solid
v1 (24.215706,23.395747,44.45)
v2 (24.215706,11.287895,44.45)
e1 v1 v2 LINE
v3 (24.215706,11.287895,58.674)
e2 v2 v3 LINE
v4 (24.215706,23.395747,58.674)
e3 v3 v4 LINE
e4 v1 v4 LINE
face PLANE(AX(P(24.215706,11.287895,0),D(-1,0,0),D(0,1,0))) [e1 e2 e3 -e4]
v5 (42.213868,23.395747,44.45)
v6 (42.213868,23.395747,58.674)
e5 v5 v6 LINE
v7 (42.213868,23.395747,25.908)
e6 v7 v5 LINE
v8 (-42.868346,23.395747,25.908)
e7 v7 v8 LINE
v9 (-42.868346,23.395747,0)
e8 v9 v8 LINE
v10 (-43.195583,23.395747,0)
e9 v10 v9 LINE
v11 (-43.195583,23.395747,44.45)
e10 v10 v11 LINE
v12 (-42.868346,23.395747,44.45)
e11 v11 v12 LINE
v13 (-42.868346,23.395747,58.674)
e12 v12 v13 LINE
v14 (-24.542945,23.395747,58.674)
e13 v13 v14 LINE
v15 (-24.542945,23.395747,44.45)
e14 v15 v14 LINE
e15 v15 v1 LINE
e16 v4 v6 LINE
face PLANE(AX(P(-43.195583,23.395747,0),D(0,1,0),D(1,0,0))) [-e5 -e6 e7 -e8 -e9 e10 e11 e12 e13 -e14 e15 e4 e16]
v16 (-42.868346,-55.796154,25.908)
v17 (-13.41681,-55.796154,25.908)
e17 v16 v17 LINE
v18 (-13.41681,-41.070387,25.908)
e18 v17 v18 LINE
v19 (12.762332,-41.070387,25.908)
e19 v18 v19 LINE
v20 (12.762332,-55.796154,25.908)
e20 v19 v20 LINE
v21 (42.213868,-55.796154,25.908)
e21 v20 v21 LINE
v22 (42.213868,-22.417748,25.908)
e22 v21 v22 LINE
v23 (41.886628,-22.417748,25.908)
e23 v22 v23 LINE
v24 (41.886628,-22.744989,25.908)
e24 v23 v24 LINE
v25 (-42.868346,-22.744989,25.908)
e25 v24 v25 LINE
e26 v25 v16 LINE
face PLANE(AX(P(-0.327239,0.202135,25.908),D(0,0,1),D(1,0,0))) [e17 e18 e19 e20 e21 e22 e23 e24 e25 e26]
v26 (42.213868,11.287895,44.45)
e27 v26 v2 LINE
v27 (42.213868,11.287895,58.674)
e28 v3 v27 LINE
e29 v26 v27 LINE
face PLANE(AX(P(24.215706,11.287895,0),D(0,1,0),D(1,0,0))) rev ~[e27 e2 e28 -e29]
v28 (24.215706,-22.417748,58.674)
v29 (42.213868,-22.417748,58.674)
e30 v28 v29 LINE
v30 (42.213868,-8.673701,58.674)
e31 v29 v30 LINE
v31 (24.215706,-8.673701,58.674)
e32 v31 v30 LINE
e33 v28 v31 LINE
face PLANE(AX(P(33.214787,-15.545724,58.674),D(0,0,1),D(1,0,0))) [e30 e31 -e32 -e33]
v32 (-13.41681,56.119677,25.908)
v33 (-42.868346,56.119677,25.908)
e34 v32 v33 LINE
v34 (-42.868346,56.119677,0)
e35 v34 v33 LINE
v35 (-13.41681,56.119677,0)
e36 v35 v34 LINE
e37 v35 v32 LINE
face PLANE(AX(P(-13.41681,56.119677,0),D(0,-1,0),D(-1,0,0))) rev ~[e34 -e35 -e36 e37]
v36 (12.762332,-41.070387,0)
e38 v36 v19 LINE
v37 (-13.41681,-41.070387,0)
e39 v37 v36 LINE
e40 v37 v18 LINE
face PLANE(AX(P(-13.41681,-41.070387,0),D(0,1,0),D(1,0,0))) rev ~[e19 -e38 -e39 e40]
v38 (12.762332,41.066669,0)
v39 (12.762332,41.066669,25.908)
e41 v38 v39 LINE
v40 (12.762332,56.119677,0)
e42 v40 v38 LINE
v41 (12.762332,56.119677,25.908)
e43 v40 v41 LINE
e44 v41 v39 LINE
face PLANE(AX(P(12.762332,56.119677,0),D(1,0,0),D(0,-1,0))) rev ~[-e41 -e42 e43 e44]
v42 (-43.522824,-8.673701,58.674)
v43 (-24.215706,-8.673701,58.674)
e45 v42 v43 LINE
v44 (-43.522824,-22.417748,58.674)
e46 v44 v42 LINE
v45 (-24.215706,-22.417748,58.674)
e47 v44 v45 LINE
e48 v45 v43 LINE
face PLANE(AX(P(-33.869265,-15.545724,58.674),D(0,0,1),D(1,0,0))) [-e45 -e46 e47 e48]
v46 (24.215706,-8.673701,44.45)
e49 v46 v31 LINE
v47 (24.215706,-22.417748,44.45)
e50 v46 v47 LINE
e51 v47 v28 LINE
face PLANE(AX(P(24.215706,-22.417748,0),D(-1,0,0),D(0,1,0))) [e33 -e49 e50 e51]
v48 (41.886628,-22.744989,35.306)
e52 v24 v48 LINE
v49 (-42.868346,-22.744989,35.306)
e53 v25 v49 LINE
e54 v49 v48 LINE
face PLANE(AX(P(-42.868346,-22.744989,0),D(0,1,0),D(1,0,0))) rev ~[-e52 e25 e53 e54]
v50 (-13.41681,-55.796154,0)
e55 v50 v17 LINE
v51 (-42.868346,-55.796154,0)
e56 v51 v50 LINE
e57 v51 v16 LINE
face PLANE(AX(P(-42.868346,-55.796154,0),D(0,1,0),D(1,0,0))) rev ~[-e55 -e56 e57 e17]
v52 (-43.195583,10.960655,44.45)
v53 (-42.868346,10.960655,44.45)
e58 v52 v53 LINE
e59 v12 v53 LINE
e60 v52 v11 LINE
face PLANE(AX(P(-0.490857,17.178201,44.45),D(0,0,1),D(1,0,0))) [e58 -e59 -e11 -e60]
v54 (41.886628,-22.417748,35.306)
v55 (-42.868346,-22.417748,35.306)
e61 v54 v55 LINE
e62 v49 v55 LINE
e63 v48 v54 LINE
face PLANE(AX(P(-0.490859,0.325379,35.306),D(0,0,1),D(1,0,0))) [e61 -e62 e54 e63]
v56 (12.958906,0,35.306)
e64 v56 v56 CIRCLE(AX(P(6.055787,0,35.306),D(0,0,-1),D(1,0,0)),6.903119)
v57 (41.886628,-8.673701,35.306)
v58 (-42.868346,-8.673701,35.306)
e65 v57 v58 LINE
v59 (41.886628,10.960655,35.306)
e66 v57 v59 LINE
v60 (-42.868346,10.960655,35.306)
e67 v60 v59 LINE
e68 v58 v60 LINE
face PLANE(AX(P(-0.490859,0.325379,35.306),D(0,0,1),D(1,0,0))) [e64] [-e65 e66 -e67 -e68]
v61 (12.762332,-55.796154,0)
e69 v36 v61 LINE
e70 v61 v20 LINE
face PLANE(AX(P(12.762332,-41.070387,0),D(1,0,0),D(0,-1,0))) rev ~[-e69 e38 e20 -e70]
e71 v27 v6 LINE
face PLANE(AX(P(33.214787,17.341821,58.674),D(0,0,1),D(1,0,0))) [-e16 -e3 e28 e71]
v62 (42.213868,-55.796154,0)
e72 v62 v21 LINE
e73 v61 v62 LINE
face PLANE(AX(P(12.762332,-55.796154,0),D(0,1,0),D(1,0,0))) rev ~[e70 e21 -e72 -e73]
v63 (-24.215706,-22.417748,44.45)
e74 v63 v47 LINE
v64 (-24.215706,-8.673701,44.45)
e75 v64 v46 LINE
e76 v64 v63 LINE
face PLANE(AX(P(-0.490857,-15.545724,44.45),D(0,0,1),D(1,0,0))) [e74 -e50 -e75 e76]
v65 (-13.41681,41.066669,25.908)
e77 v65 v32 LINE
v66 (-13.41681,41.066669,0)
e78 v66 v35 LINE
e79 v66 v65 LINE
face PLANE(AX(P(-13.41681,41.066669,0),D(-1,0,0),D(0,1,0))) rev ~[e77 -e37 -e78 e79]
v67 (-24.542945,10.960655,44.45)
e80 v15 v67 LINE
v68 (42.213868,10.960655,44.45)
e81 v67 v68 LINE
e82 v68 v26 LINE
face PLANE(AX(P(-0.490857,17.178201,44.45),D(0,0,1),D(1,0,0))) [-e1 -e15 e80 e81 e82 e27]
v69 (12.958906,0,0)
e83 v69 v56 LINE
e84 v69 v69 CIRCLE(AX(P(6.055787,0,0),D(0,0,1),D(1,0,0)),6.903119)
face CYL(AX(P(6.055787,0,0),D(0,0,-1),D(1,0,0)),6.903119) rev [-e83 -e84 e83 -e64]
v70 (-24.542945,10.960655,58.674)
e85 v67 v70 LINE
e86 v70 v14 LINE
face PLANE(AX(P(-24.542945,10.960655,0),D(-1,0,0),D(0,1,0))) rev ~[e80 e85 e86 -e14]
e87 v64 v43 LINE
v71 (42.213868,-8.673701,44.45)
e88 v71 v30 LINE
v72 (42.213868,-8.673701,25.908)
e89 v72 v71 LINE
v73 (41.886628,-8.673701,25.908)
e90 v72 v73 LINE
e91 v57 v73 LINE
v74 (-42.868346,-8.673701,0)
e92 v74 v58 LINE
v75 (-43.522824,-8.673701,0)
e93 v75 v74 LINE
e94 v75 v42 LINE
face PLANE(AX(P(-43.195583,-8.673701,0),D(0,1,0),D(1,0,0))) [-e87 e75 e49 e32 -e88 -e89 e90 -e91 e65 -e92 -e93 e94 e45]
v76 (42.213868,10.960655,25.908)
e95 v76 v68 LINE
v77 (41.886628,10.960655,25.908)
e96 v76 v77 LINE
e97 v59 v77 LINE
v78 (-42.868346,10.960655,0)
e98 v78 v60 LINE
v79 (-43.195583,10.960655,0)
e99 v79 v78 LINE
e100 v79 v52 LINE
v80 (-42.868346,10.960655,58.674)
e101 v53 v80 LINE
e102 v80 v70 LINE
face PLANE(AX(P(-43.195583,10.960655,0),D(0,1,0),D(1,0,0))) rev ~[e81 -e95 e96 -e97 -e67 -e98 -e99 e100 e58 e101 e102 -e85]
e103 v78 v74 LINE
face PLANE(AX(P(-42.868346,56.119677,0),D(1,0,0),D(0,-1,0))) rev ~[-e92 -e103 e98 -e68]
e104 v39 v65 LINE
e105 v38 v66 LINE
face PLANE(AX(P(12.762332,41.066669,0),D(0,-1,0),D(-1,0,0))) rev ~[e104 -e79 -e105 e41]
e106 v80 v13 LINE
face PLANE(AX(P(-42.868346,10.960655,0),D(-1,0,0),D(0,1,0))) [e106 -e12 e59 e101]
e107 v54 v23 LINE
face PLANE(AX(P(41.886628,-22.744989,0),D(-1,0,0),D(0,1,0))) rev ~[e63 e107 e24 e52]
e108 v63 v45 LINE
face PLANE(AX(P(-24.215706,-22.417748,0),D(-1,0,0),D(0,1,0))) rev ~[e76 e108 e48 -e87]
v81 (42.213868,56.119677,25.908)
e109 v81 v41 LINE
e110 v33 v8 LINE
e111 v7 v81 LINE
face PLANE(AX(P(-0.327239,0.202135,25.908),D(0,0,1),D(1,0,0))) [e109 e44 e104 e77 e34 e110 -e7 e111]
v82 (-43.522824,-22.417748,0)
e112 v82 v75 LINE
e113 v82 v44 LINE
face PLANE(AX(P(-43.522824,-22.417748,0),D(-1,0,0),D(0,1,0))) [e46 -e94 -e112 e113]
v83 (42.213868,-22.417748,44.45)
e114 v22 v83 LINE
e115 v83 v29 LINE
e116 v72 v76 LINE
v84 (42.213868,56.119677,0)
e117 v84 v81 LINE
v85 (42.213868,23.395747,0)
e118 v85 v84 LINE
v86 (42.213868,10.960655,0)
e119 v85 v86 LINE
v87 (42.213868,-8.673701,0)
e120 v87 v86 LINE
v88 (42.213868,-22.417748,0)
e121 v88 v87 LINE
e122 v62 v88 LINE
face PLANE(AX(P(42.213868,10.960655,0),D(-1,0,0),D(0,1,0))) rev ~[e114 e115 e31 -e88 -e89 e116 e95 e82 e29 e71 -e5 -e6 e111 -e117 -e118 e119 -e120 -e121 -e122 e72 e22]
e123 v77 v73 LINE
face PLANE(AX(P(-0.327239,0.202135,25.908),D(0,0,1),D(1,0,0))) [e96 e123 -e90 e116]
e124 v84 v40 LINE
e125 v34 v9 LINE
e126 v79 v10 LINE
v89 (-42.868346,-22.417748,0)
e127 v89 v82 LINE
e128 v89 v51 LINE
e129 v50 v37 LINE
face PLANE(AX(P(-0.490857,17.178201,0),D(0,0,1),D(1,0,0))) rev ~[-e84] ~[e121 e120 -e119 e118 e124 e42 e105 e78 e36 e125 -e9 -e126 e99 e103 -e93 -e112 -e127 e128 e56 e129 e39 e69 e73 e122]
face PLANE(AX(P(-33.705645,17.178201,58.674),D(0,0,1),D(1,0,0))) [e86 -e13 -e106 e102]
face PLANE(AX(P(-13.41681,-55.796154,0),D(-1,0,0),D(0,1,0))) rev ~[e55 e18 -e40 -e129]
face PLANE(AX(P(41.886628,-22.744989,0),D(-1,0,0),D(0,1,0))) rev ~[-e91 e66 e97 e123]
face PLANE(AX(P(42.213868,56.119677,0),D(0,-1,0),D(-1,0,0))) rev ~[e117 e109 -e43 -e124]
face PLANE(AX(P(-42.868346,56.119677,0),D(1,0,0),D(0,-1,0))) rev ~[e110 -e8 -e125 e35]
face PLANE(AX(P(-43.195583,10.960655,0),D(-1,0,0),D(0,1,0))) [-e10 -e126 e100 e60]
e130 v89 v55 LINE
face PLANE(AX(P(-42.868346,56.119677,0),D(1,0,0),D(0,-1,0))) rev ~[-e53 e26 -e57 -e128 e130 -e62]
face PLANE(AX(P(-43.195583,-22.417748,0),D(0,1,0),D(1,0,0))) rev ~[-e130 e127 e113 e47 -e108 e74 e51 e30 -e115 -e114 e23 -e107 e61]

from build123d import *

# Parameters (mm, degrees)
F1_DEPTH = 25.908
F2_W     = 84.75497365
F2_H     = 46.1407359689
F3_DEPTH = 35.306
F4_W     = 85.4094512761
F4_H     = 12.4350916594
F4_H_2   = 13.7440478429
F5_DEPTH = 44.45
F6_W     = 18.3254014701
F6_H     = 12.4350916594
F6_W_2   = 17.998162657
F6_H_2   = 12.1078519151
F6_W_3   = 19.3071179092
F6_H_3   = 13.7440478429
F7_DEPTH = 58.674
F8_R     = 6.9031193851
F9_DEPTH = 43.942


with BuildPart() as f1:
    # F0 (on Top) → F1 (new body)
    with BuildSketch(Plane.XY):
        Polygon((-13.4168099612, 56.1196766794), (-42.8683459759, 56.1196766794), (-42.8683459759, -55.7961538434), (-13.4168099612, -55.7961538434), (-13.4168099612, -41.0703867674), (12.7623323351, -41.0703867674), (12.7623323351, -55.7961538434), (42.2138683498, -55.7961538434), (42.2138683498, 56.1196766794), (12.7623323351, 56.1196766794), (12.7623323351, 41.0666689277), (-13.4168099612, 41.0666689277), align=None)
    extrude(amount=F1_DEPTH)

    # F2 (on Top) → F3 (join)
    with BuildSketch(Plane.XY):
        with Locations((-0.4908591509, 0.3253789619)):
            Rectangle(F2_W, F2_H)
    extrude(amount=F3_DEPTH)

    # F4 (on Top) → F5 (join)
    with BuildSketch(Plane.XY):
        with Locations((-0.4908572882, 17.1782011166)):
            Rectangle(F4_W, F4_H)
        with Locations((-0.4908572882, -15.5457244255)):
            Rectangle(F4_W, F4_H_2)
    extrude(amount=F5_DEPTH)

    # F6 (on Top) → F7 (join)
    with BuildSketch(Plane.XY):
        with Locations((-33.7056452408, 17.1782011166)):
            Rectangle(F6_W, F6_H)
        with Locations((33.2147870213, 17.3418209888)):
            Rectangle(F6_W_2, F6_H_2)
        with Locations((-33.8692646474, -15.5457244255)):
            Rectangle(F6_W_3, F6_H_3)
        with Locations((33.2147870213, -15.5457244255)):
            Rectangle(F6_W_2, F6_H_3)
    extrude(amount=F7_DEPTH)

    # F8 (on Top) → F9 (cut)
    with BuildSketch(Plane.XY):
        with Locations((6.05578674, 0)):
            Circle(F8_R)
    extrude(amount=F9_DEPTH, mode=Mode.SUBTRACT)


solid = f1.part
